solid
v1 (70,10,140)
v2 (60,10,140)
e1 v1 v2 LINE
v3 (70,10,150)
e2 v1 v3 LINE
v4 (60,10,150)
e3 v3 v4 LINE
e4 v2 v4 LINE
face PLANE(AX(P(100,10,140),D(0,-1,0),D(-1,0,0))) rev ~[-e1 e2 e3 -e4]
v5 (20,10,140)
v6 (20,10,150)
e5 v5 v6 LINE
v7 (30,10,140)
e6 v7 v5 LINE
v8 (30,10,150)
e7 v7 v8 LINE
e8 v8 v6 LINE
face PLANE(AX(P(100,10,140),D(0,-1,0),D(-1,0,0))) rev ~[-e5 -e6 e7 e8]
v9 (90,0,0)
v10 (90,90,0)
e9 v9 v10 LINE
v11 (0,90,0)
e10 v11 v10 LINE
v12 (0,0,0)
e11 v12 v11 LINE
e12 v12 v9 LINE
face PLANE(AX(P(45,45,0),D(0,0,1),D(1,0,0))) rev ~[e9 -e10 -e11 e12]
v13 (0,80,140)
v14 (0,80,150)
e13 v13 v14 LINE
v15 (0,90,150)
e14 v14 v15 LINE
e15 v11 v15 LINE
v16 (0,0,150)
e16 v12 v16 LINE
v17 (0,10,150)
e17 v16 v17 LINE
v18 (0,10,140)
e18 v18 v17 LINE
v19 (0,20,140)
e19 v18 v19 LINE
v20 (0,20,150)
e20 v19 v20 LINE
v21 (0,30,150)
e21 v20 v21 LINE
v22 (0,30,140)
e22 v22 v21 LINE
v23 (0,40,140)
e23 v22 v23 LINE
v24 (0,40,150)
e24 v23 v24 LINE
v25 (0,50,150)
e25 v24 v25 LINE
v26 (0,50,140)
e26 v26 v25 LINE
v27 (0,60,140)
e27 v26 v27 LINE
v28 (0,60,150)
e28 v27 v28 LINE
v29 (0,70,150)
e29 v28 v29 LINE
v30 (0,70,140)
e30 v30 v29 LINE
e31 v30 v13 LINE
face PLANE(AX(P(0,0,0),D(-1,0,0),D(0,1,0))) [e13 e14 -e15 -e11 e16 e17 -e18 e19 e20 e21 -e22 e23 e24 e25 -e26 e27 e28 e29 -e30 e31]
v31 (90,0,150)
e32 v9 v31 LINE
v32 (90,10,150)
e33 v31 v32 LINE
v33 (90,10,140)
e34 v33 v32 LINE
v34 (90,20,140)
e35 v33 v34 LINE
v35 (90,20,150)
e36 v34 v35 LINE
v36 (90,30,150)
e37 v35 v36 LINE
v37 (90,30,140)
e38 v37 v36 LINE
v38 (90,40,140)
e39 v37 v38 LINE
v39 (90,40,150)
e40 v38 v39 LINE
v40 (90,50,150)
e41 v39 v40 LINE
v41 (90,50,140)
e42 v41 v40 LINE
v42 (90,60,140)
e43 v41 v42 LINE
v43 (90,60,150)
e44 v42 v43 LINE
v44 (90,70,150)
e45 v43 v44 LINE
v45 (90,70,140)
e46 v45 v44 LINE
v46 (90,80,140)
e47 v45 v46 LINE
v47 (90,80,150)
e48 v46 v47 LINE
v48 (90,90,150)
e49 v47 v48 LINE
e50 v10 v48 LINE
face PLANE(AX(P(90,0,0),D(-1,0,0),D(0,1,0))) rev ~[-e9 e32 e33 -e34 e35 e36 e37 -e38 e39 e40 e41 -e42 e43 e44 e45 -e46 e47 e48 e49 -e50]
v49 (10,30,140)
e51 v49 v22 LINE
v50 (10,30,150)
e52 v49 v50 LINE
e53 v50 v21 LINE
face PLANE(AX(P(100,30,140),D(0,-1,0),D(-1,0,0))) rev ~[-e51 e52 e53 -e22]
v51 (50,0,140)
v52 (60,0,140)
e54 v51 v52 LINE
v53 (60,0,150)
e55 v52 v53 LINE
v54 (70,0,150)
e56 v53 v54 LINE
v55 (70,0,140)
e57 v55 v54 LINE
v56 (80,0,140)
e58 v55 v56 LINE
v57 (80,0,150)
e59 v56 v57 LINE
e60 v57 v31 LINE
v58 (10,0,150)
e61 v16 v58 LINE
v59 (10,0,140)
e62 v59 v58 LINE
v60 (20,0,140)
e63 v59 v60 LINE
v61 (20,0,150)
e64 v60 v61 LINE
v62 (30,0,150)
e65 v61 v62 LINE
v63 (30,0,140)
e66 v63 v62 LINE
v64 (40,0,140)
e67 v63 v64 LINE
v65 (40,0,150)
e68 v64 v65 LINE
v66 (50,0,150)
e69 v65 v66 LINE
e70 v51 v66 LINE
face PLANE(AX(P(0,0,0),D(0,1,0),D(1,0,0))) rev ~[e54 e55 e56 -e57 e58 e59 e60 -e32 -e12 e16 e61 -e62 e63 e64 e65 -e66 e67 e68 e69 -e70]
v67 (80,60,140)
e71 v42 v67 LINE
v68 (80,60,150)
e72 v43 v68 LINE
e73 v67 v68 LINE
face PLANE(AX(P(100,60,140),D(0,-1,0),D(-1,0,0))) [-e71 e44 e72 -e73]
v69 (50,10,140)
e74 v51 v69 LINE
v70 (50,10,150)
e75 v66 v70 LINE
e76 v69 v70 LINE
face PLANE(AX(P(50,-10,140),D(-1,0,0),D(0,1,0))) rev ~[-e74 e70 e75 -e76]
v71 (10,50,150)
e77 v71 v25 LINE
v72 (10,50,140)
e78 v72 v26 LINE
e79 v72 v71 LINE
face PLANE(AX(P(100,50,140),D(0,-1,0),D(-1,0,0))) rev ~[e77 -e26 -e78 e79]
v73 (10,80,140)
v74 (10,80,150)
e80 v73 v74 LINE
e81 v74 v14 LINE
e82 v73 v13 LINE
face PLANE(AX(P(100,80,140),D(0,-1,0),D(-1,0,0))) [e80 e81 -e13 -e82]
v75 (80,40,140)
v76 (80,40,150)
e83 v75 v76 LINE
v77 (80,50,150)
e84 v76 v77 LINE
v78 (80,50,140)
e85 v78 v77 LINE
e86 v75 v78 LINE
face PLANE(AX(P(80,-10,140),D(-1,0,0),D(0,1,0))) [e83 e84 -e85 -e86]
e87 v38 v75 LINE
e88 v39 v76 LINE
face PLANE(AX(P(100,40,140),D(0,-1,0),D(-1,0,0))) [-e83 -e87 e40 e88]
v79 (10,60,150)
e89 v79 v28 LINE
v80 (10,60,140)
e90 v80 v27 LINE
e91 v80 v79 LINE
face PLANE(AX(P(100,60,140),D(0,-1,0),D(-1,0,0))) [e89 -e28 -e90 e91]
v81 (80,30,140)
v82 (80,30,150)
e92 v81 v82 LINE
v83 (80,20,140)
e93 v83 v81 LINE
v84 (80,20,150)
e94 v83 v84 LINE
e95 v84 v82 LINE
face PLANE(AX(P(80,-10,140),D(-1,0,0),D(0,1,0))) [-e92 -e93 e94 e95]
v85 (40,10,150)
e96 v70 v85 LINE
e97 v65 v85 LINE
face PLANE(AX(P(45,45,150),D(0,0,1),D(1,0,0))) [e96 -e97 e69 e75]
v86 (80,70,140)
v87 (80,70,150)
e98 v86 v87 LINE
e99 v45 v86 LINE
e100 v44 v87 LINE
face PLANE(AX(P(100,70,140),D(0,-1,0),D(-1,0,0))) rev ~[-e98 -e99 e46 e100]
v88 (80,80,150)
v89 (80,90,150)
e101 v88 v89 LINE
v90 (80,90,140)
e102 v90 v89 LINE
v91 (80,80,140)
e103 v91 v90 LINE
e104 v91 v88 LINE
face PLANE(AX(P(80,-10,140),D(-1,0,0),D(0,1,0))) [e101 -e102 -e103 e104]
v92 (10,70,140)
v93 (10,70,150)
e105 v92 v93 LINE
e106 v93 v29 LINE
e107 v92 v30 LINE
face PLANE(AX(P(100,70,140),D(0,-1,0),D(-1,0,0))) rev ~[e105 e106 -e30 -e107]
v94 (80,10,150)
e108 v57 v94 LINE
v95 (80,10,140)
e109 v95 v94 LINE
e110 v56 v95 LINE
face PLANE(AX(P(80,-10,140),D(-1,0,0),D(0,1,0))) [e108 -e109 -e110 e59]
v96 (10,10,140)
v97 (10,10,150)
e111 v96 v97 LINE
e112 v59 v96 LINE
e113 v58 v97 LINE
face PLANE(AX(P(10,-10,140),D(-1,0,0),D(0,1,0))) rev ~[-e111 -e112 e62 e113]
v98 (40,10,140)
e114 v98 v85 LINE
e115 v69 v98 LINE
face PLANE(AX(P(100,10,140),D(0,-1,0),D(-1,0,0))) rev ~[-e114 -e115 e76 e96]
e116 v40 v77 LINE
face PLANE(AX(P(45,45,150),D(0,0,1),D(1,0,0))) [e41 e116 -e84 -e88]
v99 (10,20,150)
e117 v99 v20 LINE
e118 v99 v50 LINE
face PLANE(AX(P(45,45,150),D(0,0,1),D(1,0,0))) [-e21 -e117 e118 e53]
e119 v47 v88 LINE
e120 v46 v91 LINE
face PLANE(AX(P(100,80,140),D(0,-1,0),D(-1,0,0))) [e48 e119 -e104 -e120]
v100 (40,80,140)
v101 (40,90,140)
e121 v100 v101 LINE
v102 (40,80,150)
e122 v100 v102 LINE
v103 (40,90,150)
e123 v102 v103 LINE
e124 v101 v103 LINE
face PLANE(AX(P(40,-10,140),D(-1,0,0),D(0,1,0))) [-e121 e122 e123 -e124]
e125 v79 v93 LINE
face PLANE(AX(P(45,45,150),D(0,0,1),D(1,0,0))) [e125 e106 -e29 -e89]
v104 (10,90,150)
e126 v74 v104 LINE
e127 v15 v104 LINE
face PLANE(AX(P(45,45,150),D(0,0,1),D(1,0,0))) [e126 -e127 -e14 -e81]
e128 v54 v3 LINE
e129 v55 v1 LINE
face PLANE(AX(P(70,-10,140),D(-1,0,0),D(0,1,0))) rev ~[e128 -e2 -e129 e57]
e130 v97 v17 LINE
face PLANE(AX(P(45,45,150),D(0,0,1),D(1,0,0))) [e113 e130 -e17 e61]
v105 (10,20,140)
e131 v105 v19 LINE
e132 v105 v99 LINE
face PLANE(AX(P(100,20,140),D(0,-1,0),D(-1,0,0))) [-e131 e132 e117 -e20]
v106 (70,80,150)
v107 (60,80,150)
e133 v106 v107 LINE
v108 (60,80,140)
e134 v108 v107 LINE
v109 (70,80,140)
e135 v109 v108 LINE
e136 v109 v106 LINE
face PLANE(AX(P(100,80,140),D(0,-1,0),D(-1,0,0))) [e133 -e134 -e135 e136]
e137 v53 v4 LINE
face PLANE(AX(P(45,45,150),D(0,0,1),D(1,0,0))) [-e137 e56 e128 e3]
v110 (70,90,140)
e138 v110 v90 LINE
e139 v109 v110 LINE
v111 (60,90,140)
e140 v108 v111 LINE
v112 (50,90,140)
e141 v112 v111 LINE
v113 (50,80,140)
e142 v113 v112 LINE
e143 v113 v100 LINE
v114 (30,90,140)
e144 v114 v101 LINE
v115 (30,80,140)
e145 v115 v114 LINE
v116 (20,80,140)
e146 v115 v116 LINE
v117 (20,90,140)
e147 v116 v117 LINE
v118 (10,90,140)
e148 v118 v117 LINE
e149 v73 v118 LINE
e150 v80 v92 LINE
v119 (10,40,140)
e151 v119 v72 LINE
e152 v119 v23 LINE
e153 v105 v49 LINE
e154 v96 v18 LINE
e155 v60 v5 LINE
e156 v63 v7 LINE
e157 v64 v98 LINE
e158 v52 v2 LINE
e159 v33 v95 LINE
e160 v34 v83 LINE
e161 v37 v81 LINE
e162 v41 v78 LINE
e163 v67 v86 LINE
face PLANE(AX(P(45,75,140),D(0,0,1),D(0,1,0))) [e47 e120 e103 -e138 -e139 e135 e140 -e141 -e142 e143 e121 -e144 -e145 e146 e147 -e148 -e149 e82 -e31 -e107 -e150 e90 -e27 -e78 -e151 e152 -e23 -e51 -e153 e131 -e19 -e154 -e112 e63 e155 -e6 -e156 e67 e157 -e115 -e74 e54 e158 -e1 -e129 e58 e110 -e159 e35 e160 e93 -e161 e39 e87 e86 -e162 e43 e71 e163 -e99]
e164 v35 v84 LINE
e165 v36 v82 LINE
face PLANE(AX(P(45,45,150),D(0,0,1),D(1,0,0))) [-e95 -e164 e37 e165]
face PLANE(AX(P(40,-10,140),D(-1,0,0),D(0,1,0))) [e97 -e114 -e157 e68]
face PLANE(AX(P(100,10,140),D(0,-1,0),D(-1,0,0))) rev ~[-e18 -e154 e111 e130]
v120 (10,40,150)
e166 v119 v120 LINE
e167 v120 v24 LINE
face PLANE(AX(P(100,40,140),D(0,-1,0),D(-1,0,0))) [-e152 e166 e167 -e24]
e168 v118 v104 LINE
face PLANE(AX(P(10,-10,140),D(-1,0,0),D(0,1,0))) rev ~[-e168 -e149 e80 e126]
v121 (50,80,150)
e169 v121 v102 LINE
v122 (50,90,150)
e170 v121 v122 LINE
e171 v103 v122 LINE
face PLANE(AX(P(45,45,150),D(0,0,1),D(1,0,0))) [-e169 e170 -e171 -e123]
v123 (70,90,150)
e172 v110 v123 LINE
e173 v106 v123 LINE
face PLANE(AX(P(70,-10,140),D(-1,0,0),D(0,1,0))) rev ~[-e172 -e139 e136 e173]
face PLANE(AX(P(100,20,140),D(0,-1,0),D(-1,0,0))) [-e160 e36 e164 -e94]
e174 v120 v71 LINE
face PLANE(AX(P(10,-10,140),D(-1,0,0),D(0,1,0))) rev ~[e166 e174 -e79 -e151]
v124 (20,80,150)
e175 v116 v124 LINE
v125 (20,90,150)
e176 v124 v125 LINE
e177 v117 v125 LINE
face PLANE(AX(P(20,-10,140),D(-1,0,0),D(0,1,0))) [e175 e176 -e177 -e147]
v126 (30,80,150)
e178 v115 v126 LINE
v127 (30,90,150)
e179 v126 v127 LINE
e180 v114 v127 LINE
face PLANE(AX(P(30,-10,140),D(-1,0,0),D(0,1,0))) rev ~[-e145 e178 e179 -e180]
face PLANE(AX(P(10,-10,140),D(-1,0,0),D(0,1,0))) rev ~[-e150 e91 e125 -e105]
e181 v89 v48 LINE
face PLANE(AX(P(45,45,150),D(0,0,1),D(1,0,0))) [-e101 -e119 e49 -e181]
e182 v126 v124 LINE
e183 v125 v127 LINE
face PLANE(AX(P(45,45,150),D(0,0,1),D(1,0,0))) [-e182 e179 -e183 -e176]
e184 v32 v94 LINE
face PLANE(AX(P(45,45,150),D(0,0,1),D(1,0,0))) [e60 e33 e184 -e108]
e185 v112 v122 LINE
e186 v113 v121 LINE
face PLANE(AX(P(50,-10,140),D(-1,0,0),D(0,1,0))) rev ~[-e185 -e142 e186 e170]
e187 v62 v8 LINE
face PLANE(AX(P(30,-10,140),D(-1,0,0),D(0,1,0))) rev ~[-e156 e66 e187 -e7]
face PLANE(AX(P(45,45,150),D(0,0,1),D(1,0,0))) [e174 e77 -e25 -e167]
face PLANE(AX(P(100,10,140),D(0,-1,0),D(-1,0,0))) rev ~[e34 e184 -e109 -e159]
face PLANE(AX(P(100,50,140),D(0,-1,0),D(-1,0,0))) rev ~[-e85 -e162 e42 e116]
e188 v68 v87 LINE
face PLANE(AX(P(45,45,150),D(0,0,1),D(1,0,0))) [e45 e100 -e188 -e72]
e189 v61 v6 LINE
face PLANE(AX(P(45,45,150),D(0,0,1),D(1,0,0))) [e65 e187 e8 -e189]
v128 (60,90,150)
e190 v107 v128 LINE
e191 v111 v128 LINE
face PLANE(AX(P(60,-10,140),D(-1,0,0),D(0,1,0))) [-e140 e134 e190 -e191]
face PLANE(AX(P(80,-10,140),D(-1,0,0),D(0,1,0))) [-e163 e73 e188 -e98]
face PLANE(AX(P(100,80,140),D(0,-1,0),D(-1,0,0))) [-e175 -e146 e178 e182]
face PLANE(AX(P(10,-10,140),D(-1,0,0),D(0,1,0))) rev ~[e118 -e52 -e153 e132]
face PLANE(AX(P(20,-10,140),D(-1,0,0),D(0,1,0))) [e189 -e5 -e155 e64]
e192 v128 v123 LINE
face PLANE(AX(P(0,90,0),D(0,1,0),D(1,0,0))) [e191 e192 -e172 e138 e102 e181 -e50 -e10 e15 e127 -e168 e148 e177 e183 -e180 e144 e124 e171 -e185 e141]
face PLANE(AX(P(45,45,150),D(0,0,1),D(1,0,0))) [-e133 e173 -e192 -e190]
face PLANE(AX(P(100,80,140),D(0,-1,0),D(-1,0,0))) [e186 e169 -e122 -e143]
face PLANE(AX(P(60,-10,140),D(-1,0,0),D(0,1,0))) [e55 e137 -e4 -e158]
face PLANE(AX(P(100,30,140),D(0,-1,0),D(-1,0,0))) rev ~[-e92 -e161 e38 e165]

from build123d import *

# Parameters (mm, degrees)
BOX003_W                 = 50
BOX003_H                 = 50
BOX003_DEPTH             = 10
BOX002_W                 = 10
BOX002_H                 = 110
BOX002_DEPTH             = 10
ARRAY001_X_COUNT         = 4
ARRAY001_X_PITCH         = 20
ARRAY001_PLACEMENT_ANGLE = 90
BOX001_W                 = 10
BOX001_H                 = 110
BOX001_DEPTH             = 10
ARRAY_X_COUNT            = 4
ARRAY_X_PITCH            = 20
BOX_W                    = 90
BOX_H                    = 90
BOX_DEPTH                = 150


with BuildPart() as cube003:
    # Box003 → Box003 (new body)
    with BuildSketch(Plane(origin=(20, 20, 140), x_dir=(1, 0, 0), z_dir=(0, 0, 1))):
        with Locations((25, 25)):
            Rectangle(BOX003_W, BOX003_H)
    extrude(amount=BOX003_DEPTH)


with BuildPart() as array001:
    # Box002 → Box002 (new body)
    with BuildSketch(Plane(origin=(10, -10, 140), x_dir=(1, 0, 0), z_dir=(0, 0, 1))):
        with Locations((5, 55)):
            Rectangle(BOX002_W, BOX002_H)
    extrude(amount=BOX002_DEPTH)

    # Array001 X: Array001 ×4


with BuildPart() as array001_1:
    add(array001.part)
    with Locations(*[(i * ARRAY001_X_PITCH, 0, 0) for i in range(1, ARRAY001_X_COUNT)]):
        add(array001.part)


with BuildPart() as array001_2:
    # Array001 placement: moved
    add(array001_1.part.moved(Location((90, 0, 0))).rotate(Axis((90, 0, 0), (0, 0, 1)), ARRAY001_PLACEMENT_ANGLE))


with BuildPart() as array:
    # Box001 → Box001 (new body)
    with BuildSketch(Plane(origin=(10, -10, 140), x_dir=(1, 0, 0), z_dir=(0, 0, 1))):
        with Locations((5, 55)):
            Rectangle(BOX001_W, BOX001_H)
    extrude(amount=BOX001_DEPTH)

    # Array X: Array ×4


with BuildPart() as array_1:
    add(array.part)
    with Locations(*[(i * ARRAY_X_PITCH, 0, 0) for i in range(1, ARRAY_X_COUNT)]):
        add(array.part)


with BuildPart() as cut002:
    # Box → Box (new body)
    with BuildSketch(Plane.XY):
        with Locations((45, 45)):
            Rectangle(BOX_W, BOX_H)
    extrude(amount=BOX_DEPTH)

    # Cut: cut Array
    add(array_1.part, mode=Mode.SUBTRACT)

    # Cut001: cut Array001
    add(array001_2.part, mode=Mode.SUBTRACT)

    # Cut002: cut Cube003
    add(cube003.part, mode=Mode.SUBTRACT)


solid = cut002.part
